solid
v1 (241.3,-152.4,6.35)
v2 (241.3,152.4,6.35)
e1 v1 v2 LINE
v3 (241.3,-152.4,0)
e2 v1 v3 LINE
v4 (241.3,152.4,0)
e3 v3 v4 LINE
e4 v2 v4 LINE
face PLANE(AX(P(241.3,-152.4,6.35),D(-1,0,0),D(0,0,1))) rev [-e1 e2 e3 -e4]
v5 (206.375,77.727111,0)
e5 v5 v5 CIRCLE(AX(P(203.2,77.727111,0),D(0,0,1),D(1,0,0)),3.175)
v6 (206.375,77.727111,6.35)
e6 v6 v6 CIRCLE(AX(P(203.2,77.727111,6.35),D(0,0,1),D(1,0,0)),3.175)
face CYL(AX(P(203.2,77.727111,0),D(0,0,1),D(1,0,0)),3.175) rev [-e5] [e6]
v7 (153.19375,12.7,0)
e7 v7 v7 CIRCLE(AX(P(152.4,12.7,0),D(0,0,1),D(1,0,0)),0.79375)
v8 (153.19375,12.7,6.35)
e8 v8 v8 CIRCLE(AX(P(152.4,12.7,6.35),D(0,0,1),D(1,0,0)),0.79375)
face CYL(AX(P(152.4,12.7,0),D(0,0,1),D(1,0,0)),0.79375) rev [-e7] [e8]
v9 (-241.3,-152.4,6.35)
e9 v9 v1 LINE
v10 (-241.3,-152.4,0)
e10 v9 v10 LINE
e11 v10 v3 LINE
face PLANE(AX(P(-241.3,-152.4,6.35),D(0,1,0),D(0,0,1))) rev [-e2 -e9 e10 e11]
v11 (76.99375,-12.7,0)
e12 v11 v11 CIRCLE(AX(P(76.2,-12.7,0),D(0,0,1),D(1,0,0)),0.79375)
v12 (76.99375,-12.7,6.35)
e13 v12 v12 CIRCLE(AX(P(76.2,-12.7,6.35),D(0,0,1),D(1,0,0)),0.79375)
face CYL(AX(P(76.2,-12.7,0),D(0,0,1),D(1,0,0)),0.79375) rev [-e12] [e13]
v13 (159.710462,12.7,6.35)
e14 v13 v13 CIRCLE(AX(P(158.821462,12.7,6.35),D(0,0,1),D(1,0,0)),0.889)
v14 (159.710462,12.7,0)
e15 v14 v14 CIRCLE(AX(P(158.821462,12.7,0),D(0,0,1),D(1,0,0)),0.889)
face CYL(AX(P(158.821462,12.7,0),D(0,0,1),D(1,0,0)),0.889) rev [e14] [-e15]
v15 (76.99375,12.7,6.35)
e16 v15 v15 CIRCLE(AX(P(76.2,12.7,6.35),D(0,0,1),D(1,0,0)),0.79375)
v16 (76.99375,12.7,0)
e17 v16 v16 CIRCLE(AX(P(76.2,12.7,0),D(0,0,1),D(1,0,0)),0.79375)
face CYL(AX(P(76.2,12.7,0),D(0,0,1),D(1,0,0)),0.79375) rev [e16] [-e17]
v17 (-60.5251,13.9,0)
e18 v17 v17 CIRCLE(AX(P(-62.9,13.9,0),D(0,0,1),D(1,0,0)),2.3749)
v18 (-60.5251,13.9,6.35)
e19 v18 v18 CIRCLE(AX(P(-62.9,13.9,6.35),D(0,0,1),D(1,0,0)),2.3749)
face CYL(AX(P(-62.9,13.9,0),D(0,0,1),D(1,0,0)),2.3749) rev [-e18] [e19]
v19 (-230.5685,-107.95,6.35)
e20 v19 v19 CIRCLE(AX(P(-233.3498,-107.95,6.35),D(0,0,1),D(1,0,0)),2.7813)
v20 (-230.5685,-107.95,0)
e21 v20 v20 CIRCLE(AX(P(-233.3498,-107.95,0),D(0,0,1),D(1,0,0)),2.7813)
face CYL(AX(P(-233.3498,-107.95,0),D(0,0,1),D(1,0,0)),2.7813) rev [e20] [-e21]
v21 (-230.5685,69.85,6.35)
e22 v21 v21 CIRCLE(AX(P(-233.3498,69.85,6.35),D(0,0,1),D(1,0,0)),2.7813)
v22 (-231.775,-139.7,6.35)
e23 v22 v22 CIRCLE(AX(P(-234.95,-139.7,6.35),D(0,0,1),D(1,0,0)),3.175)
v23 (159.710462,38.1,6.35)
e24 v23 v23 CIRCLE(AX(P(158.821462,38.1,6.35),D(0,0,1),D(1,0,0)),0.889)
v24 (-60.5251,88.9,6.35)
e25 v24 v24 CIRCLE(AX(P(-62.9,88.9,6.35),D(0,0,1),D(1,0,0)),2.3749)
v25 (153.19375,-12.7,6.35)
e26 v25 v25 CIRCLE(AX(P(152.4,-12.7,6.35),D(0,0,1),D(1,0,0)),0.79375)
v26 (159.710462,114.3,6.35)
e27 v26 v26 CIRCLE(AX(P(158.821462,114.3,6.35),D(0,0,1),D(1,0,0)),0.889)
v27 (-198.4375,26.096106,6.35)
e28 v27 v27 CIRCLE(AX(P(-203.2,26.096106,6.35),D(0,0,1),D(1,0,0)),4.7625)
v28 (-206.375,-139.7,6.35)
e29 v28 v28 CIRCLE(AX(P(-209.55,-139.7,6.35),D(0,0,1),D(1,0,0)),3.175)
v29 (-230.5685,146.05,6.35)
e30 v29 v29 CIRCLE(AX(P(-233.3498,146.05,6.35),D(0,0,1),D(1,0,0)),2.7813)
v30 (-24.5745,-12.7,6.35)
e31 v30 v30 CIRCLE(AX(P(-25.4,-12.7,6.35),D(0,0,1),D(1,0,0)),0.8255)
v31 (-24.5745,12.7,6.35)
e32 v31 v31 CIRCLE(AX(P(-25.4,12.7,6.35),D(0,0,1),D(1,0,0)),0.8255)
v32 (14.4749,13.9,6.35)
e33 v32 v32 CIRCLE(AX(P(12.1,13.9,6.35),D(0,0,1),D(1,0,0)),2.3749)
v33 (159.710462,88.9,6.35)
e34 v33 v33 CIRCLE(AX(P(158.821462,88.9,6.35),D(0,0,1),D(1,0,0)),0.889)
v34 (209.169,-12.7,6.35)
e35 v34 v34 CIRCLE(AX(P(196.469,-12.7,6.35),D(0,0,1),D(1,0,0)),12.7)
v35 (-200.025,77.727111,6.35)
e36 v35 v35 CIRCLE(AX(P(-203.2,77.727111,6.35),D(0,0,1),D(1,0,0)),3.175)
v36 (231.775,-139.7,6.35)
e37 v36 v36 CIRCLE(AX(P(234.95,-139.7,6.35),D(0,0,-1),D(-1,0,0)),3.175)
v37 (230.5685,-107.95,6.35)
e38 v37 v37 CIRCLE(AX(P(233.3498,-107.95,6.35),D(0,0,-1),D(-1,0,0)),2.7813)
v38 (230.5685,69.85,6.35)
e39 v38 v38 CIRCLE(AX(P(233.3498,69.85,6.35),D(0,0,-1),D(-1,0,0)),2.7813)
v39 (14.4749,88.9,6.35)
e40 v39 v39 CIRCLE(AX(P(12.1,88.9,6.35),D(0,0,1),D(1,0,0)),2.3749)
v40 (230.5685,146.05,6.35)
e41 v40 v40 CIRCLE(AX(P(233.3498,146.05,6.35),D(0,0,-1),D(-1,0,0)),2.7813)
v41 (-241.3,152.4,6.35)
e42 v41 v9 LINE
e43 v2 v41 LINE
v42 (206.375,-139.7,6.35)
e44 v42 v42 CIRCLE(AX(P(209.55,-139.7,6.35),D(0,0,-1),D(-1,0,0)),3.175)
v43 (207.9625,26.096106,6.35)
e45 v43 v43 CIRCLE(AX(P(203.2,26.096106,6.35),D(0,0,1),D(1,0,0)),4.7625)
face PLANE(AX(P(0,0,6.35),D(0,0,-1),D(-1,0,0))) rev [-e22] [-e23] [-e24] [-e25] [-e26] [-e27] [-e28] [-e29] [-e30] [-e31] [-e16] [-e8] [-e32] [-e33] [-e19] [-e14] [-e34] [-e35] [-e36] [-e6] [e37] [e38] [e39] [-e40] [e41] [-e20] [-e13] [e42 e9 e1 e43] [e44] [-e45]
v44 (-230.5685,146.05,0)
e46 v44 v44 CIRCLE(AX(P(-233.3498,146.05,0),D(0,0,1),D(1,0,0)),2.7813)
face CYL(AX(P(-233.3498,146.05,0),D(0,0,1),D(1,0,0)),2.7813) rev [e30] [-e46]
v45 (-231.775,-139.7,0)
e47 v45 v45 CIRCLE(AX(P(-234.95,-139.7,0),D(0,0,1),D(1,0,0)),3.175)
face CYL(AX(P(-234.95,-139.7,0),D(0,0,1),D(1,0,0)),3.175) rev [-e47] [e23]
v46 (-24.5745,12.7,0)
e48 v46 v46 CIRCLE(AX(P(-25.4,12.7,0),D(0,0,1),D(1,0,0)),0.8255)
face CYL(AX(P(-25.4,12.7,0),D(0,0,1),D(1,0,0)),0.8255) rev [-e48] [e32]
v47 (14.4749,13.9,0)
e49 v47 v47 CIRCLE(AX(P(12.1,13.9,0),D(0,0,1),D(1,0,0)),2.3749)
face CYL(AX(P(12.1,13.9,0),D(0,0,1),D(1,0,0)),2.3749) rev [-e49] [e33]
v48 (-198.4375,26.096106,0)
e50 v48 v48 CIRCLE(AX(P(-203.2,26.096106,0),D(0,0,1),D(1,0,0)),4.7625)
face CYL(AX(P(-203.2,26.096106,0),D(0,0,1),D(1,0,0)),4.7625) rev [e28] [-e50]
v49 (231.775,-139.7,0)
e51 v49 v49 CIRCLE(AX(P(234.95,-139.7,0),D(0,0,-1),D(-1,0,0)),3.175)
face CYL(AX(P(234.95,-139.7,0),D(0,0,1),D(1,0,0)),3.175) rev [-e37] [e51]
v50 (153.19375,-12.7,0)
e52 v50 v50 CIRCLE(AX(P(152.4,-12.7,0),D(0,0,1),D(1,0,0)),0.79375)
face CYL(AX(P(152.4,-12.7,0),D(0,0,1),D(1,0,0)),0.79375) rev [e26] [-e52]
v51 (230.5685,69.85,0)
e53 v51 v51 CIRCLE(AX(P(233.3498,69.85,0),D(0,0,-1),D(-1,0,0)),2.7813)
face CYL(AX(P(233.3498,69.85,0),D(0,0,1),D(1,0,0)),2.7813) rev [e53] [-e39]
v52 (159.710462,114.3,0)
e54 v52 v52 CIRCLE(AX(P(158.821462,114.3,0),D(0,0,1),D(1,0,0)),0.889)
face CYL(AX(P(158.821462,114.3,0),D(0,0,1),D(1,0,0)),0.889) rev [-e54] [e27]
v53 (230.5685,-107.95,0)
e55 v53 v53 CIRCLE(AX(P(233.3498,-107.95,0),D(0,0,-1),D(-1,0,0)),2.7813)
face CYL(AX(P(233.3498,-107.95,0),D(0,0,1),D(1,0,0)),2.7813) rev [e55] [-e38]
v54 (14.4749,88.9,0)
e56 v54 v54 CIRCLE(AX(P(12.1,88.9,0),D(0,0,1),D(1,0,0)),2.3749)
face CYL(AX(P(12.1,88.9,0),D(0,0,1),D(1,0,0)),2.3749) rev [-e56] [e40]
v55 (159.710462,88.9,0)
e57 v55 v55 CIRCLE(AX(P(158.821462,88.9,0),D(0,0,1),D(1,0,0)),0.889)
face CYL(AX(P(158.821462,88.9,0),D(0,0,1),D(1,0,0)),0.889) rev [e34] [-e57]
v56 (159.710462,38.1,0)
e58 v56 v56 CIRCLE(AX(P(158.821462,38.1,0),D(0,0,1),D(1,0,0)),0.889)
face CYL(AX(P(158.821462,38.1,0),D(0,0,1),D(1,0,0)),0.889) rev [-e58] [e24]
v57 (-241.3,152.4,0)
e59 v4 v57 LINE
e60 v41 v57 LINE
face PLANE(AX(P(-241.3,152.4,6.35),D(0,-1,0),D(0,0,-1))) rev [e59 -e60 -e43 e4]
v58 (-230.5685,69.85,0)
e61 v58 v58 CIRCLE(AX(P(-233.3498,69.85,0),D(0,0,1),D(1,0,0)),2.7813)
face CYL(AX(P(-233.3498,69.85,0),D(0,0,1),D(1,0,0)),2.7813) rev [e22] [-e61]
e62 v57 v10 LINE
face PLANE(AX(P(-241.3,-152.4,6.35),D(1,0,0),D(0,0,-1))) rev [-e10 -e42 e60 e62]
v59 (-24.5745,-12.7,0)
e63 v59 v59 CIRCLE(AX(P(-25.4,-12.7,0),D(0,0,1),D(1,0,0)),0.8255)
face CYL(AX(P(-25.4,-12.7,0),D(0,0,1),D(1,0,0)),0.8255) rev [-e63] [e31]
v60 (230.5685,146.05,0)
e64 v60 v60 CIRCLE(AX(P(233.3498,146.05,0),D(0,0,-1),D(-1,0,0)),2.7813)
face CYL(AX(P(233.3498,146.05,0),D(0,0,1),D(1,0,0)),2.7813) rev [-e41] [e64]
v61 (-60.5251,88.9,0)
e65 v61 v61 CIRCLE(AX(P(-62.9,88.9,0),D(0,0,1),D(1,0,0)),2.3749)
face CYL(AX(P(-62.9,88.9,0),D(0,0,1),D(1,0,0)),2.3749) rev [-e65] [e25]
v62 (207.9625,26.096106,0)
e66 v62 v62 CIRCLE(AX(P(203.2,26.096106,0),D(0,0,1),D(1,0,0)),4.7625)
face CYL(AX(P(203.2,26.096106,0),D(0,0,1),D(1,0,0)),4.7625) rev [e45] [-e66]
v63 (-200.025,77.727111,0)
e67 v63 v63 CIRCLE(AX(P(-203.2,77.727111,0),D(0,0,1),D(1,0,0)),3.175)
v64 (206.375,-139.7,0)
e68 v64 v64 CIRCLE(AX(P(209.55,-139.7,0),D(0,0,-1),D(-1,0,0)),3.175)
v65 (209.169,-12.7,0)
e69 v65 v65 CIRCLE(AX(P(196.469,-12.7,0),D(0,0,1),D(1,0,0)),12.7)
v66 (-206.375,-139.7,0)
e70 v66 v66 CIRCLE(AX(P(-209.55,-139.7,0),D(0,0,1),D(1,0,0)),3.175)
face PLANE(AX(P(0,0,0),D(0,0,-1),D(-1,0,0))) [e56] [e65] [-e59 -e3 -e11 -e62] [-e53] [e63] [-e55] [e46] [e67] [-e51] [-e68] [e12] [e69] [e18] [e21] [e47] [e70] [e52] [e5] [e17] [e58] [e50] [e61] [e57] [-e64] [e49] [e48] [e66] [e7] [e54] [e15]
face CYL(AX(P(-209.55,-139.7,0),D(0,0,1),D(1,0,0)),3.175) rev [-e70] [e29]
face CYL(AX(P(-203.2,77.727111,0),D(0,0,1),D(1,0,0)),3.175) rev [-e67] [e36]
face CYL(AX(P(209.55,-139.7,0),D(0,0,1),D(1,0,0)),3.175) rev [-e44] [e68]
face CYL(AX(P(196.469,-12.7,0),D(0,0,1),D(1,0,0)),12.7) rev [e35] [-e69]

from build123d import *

# Parameters (mm, degrees)
SKETCH1_W           = 482.6
SKETCH1_H           = 304.8
BOSS_EXTRUDE1_DEPTH = 6.35
SKETCH2_R           = 2.7813
CUT_EXTRUDE1_DEPTH  = 286.467638271
SKETCH3_R           = 3.175
CUT_EXTRUDE2_DEPTH  = 286.467638271
SKETCH4_R           = 12.7
CUT_EXTRUDE3_DEPTH  = 286.467638271
SKETCH5_R           = 2.3749
CUT_EXTRUDE4_DEPTH  = 286.467638271
SKETCH6_R           = 3.175
SKETCH6_R_2         = 4.7625
CUT_EXTRUDE5_DEPTH  = 286.467638271
SKETCH7_R           = 0.889
CUT_EXTRUDE6_DEPTH  = 286.467638271
SKETCH8_R           = 0.8255
SKETCH8_R_2         = 0.79375
CUT_EXTRUDE7_DEPTH  = 286.467638271


with BuildPart() as part:
    # Sketch1 → Boss-Extrude1 (new body)
    with BuildSketch(Plane.XY):
        Rectangle(SKETCH1_W, SKETCH1_H)
    extrude(amount=BOSS_EXTRUDE1_DEPTH)

    # Sketch2 → Cut-Extrude1 (cut, through all)
    with BuildSketch(Plane.XY.offset(6.35)):
        with Locations((-233.3498, 146.05)):
            Circle(SKETCH2_R)
        with Locations((-233.3498, -107.95)):
            Circle(SKETCH2_R)
        with Locations((-233.3498, 69.85)):
            Circle(SKETCH2_R)
    cut_extrude1 = extrude(amount=-CUT_EXTRUDE1_DEPTH, mode=Mode.SUBTRACT)

    # Mirror1: Cut-Extrude1 across plane
    add(cut_extrude1.mirror(Plane(origin=(0, 0, 0), x_dir=(0, 0, 1), z_dir=(1, 0, 0))), mode=Mode.SUBTRACT)

    # Sketch3 → Cut-Extrude2 (cut, through all)
    with BuildSketch(Plane.XY.offset(6.35)):
        with Locations((-234.95, -139.7)):
            Circle(SKETCH3_R)
        with Locations((-209.55, -139.7)):
            Circle(SKETCH3_R)
    cut_extrude2 = extrude(amount=-CUT_EXTRUDE2_DEPTH, mode=Mode.SUBTRACT)

    # Mirror2: Cut-Extrude2 across plane
    add(cut_extrude2.mirror(Plane(origin=(0, 0, 0), x_dir=(0, 0, 1), z_dir=(1, 0, 0))), mode=Mode.SUBTRACT)

    # Sketch4 → Cut-Extrude3 (cut, through all)
    with BuildSketch(Plane.XY.offset(6.35)):
        with Locations((196.469, -12.7)):
            Circle(SKETCH4_R)
    extrude(amount=-CUT_EXTRUDE3_DEPTH, mode=Mode.SUBTRACT)

    # Sketch5 → Cut-Extrude4 (cut, through all)
    with BuildSketch(Plane.XY.offset(6.35)):
        with Locations((-62.9, 88.9)):
            Circle(SKETCH5_R)
        with Locations((12.1, 88.9)):
            Circle(SKETCH5_R)
        with Locations((12.1, 13.9)):
            Circle(SKETCH5_R)
        with Locations((-62.9, 13.9)):
            Circle(SKETCH5_R)
    extrude(amount=-CUT_EXTRUDE4_DEPTH, mode=Mode.SUBTRACT)

    # Sketch6 → Cut-Extrude5 (cut, through all)
    with BuildSketch(Plane.XY.offset(6.35)):
        with Locations((-203.2, 77.727111167)):
            Circle(SKETCH6_R)
        with Locations((-203.2, 26.096105915)):
            Circle(SKETCH6_R_2)
        with Locations((203.2, 77.727111167)):
            Circle(SKETCH6_R)
        with Locations((203.2, 26.096105915)):
            Circle(SKETCH6_R_2)
    extrude(amount=-CUT_EXTRUDE5_DEPTH, mode=Mode.SUBTRACT)

    # Sketch7 → Cut-Extrude6 (cut, through all)
    with BuildSketch(Plane.XY.offset(6.35)):
        with Locations((158.821461806, 114.3)):
            Circle(SKETCH7_R)
        with Locations((158.821461806, 88.9)):
            Circle(SKETCH7_R)
        with Locations((158.821461806, 38.1)):
            Circle(SKETCH7_R)
        with Locations((158.821461806, 12.7)):
            Circle(SKETCH7_R)
    extrude(amount=-CUT_EXTRUDE6_DEPTH, mode=Mode.SUBTRACT)

    # Sketch8 → Cut-Extrude7 (cut, through all)
    with BuildSketch(Plane.XY.offset(6.35)):
        with Locations((-25.4, 12.7)):
            Circle(SKETCH8_R)
        with Locations((-25.4, -12.7)):
            Circle(SKETCH8_R)
        with Locations((76.2, 12.7)):
            Circle(SKETCH8_R_2)
        with Locations((76.2, -12.7)):
            Circle(SKETCH8_R_2)
        with Locations((152.4, 12.7)):
            Circle(SKETCH8_R_2)
        with Locations((152.4, -12.7)):
            Circle(SKETCH8_R_2)
    extrude(amount=-CUT_EXTRUDE7_DEPTH, mode=Mode.SUBTRACT)


solid = part.part
